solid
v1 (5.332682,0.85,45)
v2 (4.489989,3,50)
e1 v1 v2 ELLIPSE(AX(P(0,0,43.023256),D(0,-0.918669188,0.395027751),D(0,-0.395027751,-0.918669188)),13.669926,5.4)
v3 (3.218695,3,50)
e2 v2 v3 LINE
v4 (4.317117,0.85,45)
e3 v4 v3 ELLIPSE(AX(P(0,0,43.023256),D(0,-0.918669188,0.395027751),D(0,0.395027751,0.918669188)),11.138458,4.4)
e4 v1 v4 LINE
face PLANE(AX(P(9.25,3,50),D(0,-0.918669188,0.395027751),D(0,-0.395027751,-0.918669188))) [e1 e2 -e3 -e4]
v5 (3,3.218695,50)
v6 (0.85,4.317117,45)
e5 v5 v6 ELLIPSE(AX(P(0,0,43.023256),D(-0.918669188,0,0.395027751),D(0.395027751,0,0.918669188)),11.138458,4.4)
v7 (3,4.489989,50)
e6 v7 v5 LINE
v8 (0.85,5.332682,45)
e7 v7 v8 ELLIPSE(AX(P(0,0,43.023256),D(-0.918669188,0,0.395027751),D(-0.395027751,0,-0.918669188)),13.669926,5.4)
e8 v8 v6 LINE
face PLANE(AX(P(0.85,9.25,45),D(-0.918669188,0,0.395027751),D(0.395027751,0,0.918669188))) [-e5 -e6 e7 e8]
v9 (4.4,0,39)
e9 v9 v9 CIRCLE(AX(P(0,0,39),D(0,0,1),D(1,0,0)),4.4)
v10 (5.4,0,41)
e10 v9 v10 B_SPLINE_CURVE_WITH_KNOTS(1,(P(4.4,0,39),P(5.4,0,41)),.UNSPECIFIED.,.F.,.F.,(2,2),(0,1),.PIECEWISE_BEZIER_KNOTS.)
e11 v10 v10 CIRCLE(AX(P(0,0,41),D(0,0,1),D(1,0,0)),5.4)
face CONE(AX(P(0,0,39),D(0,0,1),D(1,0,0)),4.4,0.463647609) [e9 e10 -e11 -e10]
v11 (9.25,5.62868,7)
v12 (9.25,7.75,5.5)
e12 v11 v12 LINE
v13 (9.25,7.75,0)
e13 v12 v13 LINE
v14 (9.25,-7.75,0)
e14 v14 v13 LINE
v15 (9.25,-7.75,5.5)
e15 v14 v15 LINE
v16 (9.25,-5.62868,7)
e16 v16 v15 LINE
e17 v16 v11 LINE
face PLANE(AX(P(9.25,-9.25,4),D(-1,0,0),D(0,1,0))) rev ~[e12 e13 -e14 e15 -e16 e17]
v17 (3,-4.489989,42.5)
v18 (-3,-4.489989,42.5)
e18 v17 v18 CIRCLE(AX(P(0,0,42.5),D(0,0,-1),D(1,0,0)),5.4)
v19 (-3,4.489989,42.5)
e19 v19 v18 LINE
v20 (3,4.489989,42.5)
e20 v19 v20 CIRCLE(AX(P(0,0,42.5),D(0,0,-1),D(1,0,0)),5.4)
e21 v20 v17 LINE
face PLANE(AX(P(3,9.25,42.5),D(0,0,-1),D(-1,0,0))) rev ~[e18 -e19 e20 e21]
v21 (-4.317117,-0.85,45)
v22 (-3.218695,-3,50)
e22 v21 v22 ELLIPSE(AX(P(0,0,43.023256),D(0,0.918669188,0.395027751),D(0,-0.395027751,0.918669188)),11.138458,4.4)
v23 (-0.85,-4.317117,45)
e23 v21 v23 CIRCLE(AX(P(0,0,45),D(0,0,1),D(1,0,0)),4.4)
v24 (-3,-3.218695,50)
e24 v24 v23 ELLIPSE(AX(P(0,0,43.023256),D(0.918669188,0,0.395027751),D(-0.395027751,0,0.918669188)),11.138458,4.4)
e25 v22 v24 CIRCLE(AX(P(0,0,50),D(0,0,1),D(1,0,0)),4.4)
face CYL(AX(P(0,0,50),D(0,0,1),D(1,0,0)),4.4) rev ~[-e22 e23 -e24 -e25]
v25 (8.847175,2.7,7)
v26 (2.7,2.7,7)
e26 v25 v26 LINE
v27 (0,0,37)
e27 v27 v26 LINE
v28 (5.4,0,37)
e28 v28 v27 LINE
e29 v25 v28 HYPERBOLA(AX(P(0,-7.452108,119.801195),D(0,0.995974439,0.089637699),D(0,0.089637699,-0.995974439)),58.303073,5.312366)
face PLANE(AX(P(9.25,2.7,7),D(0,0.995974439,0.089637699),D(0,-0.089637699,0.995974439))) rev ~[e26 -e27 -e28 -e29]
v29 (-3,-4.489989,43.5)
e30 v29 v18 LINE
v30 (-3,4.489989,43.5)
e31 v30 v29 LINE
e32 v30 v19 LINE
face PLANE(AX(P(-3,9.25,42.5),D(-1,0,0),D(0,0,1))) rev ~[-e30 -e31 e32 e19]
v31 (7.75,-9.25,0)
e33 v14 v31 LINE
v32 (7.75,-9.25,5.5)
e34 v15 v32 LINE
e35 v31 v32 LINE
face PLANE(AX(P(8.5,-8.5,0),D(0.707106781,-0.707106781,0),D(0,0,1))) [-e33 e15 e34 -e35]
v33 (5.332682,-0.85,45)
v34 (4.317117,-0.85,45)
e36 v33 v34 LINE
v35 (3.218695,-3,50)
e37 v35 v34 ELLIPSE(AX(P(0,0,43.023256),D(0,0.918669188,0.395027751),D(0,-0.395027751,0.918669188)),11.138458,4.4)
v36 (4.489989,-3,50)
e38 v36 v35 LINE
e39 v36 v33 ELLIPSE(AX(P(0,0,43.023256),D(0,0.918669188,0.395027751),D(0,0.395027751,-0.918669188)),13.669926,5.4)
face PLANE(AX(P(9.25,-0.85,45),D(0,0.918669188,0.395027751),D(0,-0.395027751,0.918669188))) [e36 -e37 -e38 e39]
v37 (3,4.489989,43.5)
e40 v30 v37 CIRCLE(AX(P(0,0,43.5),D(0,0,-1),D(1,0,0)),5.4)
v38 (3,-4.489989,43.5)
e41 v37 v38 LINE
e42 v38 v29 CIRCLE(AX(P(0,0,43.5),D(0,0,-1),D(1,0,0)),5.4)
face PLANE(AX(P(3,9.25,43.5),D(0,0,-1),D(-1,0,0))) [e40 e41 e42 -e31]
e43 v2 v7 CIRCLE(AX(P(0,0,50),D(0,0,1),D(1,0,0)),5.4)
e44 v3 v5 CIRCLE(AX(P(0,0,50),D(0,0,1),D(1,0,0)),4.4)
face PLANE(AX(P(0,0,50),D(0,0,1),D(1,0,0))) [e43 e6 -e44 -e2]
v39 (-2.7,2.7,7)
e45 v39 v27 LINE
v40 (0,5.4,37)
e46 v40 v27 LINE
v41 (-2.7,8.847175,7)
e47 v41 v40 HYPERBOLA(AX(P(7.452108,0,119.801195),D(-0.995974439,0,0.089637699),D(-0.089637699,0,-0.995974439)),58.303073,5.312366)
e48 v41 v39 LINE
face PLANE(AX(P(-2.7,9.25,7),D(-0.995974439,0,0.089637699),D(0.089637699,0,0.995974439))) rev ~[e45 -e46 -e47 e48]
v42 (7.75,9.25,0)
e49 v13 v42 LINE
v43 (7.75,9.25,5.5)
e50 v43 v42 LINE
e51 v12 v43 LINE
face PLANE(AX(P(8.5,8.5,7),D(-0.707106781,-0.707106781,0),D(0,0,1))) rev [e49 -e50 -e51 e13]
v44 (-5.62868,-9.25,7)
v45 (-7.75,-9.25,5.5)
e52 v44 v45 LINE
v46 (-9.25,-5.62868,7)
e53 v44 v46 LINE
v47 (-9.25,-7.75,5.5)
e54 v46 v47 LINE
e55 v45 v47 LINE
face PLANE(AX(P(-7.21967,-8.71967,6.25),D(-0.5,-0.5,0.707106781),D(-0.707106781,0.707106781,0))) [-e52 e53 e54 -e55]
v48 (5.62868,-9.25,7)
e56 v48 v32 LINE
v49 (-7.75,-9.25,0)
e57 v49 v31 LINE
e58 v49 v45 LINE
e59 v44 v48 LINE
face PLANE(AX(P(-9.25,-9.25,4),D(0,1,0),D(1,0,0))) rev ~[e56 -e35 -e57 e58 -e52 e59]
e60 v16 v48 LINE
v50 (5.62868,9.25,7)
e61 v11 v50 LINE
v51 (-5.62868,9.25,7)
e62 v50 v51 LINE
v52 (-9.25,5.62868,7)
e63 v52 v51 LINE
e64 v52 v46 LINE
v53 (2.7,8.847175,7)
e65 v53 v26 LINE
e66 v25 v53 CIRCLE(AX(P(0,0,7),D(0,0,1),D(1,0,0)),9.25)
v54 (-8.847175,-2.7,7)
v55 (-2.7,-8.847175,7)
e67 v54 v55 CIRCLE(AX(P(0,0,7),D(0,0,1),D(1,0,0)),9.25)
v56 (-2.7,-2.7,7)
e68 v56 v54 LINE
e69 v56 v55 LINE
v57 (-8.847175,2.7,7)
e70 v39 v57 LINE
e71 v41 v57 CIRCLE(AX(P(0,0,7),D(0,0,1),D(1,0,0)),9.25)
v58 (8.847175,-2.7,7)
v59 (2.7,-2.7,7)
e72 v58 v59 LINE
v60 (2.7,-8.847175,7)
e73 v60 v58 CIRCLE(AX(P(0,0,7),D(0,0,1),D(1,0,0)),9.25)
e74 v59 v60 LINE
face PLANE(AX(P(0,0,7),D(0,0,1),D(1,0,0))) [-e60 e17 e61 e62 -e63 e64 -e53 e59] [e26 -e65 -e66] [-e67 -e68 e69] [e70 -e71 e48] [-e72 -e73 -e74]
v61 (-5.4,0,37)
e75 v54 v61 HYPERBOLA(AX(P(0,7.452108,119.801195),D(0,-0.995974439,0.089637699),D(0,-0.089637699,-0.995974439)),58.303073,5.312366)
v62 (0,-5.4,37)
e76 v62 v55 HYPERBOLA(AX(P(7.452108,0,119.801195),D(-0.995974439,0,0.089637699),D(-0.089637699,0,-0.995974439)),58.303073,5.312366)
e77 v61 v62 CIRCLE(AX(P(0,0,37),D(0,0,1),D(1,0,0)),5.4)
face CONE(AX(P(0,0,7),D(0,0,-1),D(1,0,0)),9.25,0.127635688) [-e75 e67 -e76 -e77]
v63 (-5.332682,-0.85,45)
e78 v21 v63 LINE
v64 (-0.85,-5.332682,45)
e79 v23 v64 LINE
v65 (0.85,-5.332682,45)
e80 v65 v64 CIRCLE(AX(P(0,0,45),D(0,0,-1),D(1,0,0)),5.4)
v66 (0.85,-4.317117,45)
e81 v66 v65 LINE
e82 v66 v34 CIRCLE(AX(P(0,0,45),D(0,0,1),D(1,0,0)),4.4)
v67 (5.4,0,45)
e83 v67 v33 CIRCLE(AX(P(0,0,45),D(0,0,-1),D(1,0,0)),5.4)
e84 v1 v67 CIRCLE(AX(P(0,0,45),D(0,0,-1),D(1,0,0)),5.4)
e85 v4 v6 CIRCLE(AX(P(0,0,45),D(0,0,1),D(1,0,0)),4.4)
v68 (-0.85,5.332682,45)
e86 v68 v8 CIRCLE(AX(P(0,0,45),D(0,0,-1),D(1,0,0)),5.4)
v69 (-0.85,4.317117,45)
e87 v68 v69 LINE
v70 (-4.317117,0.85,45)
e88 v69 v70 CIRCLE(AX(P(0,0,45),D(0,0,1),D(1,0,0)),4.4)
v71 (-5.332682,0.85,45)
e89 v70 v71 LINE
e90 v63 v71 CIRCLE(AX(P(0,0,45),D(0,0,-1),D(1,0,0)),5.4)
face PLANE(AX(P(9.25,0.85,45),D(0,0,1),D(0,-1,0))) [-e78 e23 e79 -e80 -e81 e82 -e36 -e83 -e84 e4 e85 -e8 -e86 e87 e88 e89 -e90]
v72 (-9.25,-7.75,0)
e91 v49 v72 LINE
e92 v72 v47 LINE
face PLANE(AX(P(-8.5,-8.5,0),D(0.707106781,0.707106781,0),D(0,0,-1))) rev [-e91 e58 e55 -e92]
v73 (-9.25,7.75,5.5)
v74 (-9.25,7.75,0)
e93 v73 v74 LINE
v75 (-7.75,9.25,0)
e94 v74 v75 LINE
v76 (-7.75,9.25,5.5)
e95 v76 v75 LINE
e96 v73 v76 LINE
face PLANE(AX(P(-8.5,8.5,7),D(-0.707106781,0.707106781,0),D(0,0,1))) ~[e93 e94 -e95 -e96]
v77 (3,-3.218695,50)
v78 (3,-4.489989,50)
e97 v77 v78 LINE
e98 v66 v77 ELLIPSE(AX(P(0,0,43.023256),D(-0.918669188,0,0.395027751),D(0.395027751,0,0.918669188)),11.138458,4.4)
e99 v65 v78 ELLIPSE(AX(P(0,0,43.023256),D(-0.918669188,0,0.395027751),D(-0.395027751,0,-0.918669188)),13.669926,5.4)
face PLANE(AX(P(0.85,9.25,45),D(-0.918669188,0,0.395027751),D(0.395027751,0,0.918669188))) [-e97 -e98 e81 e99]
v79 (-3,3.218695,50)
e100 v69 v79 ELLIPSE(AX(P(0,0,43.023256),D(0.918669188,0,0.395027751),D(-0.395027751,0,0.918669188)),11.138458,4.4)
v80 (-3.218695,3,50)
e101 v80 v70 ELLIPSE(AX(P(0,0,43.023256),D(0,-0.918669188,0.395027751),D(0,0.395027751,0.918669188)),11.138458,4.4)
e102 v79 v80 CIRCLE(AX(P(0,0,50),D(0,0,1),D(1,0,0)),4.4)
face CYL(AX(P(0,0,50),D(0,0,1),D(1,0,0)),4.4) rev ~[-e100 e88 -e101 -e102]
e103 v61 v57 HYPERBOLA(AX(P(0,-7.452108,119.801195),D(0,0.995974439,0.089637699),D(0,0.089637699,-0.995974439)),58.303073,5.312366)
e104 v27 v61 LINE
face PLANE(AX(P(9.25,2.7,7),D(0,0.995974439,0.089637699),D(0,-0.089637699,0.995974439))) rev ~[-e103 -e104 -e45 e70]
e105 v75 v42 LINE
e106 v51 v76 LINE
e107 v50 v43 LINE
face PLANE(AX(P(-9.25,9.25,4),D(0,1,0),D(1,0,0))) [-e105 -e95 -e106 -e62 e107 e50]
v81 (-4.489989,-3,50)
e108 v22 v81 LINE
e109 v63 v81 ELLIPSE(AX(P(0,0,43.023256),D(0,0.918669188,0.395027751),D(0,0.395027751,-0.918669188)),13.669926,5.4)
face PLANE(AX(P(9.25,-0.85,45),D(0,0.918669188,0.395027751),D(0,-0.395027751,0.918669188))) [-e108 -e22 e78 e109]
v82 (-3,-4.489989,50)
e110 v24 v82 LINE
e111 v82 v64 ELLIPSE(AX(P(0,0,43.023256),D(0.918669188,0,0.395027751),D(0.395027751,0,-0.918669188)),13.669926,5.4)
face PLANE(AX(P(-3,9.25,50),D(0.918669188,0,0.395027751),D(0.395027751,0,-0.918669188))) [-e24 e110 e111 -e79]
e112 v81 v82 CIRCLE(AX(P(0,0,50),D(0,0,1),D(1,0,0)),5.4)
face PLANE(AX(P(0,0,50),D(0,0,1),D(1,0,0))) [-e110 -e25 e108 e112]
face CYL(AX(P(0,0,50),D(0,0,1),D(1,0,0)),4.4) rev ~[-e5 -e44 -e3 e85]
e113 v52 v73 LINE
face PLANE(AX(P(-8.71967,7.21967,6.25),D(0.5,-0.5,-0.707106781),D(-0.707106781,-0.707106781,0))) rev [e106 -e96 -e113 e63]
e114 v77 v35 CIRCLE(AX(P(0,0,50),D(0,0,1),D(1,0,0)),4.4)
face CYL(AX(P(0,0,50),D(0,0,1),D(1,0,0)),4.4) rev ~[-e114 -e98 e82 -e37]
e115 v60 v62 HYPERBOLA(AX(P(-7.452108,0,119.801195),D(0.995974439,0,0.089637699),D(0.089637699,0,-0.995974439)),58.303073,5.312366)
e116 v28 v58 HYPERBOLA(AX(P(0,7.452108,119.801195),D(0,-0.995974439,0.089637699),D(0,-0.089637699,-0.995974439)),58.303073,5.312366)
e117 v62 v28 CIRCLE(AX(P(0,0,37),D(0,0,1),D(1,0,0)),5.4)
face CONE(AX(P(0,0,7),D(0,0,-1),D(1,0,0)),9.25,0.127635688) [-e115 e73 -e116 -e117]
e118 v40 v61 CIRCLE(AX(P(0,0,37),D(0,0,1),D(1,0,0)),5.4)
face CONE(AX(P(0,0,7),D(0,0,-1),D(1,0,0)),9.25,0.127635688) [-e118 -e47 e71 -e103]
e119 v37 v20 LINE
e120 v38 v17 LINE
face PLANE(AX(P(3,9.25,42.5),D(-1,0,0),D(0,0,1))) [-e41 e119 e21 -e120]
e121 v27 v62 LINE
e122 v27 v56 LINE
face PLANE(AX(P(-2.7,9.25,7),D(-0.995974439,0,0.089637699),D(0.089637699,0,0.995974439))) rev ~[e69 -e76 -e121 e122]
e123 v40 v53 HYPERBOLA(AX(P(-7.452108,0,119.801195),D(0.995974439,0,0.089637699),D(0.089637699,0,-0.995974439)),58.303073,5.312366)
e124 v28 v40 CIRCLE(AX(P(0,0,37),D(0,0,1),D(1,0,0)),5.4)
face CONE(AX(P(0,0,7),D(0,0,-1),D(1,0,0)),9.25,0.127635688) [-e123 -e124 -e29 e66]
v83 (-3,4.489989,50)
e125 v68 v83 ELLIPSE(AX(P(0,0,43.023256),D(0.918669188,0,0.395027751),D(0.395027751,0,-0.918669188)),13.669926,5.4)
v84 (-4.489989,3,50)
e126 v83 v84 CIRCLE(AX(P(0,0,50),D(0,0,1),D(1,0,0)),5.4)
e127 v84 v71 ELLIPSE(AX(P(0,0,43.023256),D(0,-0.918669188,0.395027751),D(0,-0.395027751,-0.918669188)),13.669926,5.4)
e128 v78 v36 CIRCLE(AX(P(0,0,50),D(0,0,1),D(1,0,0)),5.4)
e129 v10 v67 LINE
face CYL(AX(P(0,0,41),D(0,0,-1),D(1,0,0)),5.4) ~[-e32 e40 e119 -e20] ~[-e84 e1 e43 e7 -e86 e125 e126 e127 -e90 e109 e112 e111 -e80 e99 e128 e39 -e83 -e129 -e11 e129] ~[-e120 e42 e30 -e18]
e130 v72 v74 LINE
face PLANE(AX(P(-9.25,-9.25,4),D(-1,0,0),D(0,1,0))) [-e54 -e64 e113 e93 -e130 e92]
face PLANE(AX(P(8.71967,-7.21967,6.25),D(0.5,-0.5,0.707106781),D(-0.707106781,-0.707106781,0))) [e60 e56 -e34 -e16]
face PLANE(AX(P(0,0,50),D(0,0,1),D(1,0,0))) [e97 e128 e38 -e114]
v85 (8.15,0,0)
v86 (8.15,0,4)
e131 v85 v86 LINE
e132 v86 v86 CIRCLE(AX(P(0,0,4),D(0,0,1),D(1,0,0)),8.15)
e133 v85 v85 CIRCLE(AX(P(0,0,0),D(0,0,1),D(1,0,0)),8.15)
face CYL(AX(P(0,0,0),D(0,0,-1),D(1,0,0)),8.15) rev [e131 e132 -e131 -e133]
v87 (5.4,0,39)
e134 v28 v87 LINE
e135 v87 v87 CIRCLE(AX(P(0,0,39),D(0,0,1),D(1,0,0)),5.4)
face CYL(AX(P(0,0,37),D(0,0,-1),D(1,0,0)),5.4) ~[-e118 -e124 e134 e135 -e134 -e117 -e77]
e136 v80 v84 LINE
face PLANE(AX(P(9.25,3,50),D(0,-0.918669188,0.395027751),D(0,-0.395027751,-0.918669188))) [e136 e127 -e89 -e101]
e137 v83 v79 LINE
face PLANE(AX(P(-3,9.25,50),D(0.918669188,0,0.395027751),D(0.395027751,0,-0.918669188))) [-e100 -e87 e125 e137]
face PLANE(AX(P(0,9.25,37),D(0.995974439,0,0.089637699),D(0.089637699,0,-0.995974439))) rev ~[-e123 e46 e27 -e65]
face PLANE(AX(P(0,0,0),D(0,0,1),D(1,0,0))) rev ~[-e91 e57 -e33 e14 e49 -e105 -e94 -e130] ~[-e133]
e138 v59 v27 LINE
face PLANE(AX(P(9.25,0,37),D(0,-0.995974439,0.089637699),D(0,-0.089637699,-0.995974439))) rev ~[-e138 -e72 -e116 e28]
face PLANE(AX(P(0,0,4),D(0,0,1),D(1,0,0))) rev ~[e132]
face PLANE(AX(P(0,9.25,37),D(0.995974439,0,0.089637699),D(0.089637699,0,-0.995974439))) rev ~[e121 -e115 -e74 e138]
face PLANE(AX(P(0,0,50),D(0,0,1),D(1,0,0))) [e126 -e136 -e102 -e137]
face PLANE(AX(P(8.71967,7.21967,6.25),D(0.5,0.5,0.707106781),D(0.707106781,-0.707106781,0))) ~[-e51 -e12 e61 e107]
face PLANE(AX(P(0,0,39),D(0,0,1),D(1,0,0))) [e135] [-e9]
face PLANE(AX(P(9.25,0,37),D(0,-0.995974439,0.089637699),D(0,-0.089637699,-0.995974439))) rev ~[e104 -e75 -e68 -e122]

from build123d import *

# Parameters (mm, degrees)
SKETCH_W              = 18.5
SKETCH_H              = 18.5
SKETCH_R              = 8.15
PAD_DEPTH             = 4
SKETCH001_W           = 18.5
SKETCH001_H           = 18.5
PAD001_DEPTH          = 3
SKETCH002_R           = 9.25
SKETCH003_R           = 5.4
SKETCH005_R           = 5.4
PAD002_DEPTH          = 2
CHAMFER_SIZE          = 1.5
CHAMFER001_SIZE       = 1.5
POCKET_DEPTH          = 112.426503
POLARPATTERN_COUNT    = 4
SKETCH007_R           = 4.4
SKETCH008_R           = 5.4
SKETCH009_R           = 5.4
PAD003_DEPTH          = 9
SKETCH010_R           = 4.4
POCKET001_DEPTH       = 5
POCKET002_DEPTH       = 131.363749
POLARPATTERN001_COUNT = 4
SKETCH012_W           = 6
SKETCH012_H           = 1
POCKET003_DEPTH       = 18.501


with BuildPart() as part:
    # Sketch → Pad (new body)
    with BuildSketch(Plane.XY):
        Rectangle(SKETCH_W, SKETCH_H)
        Circle(SKETCH_R, mode=Mode.SUBTRACT)
    extrude(amount=PAD_DEPTH)

    # Sketch001 (on Face7 of Pad) → Pad001 (join)
    with BuildSketch(Plane.XY.offset(4)):
        Rectangle(SKETCH001_W, SKETCH001_H)
    extrude(amount=PAD001_DEPTH)

    # Sketch002 (on Face10 of Pad001) → AdditiveLoft section 0
    with BuildSketch(Plane.XY.offset(7)):
        Circle(SKETCH002_R)
    # Sketch003 (on Face10 of Pad001) → AdditiveLoft section 1
    with BuildSketch(Plane.XY.offset(37)):
        Circle(SKETCH003_R)
    loft()

    # Sketch005 (on Face17 of AdditiveLoft) → Pad002 (join)
    with BuildSketch(Plane.XY.offset(37)):
        Circle(SKETCH005_R)
    extrude(amount=PAD002_DEPTH)

    # Chamfer
    chamfer_edges = [part.edges().sort_by_distance(p)[0] for p in [
        (-9.25, -9.25, 5.5),
        (-9.25, -9.25, 2),
        (9.25, -9.25, 5.5),
        (9.25, -9.25, 2),
        (9.25, 9.25, 2),
        (9.25, 9.25, 5.5),
        (-9.25, 9.25, 5.5),
        (-9.25, 9.25, 2),
    ]]
    chamfer(chamfer_edges, length=CHAMFER_SIZE)

    # Chamfer001
    chamfer001_edges = [part.edges().sort_by_distance(p)[0] for p in [
        (8.5, -8.5, 7),
        (-8.5, -8.5, 7),
        (-8.5, 8.5, 7),
        (8.5, 8.5, 7),
    ]]
    chamfer(chamfer001_edges, length=CHAMFER001_SIZE)

    # Sketch006 (on Face19 of Chamfer001) → Pocket (cut, through all)
    with BuildSketch(Plane.YZ.offset(9.25)):
        Polygon((0, 37), (-2.7, 7), (2.7, 7), align=None)
    pocket = extrude(amount=-POCKET_DEPTH, mode=Mode.SUBTRACT)

    # PolarPattern: Pocket ×4 about axis
    polarpattern_axis = Axis((0, 0, 0), (0, 0, 1))
    for i in range(1, POLARPATTERN_COUNT):
        add(pocket.rotate(polarpattern_axis, i * 360 / POLARPATTERN_COUNT), mode=Mode.SUBTRACT)

    # Sketch007 (on Face47 of PolarPattern) → AdditiveLoft001 section 0
    with BuildSketch(Plane.XY.offset(39)):
        Circle(SKETCH007_R)
    # Sketch008 → AdditiveLoft001 section 1
    with BuildSketch(Plane.XY.offset(41)):
        Circle(SKETCH008_R)
    loft()

    # Sketch009 (on Face56 of AdditiveLoft001) → Pad003 (join)
    with BuildSketch(Plane.XY.offset(41)):
        Circle(SKETCH009_R)
    extrude(amount=PAD003_DEPTH)

    # Sketch010 (on Face57 of Pad003) → Pocket001 (cut)
    with BuildSketch(Plane.XY.offset(50)):
        Circle(SKETCH010_R)
    extrude(amount=-POCKET001_DEPTH, mode=Mode.SUBTRACT)

    # Sketch011 (on Face26 of Pocket001) → Pocket002 (cut, through all)
    with BuildSketch(Plane.YZ.offset(9.25)):
        Polygon((-3, 50), (3, 50), (0.85, 45), (-0.85, 45), align=None)
    pocket002 = extrude(amount=-POCKET002_DEPTH, mode=Mode.SUBTRACT)

    # PolarPattern001: Pocket002 ×4 about axis
    polarpattern001_axis = Axis((0, 0, 0), (0, 0, 1))
    for i in range(1, POLARPATTERN001_COUNT):
        add(pocket002.rotate(polarpattern001_axis, i * 360 / POLARPATTERN001_COUNT), mode=Mode.SUBTRACT)

    # Sketch012 (on Face4 of PolarPattern001) → Pocket003 (cut, through all)
    with BuildSketch(Plane(origin=(0, 9.25, 0), x_dir=(-1, 0, 0), z_dir=(0, 1, 0))):
        with Locations((0, 43)):
            Rectangle(SKETCH012_W, SKETCH012_H)
    extrude(amount=-POCKET003_DEPTH, mode=Mode.SUBTRACT)


solid = part.part
